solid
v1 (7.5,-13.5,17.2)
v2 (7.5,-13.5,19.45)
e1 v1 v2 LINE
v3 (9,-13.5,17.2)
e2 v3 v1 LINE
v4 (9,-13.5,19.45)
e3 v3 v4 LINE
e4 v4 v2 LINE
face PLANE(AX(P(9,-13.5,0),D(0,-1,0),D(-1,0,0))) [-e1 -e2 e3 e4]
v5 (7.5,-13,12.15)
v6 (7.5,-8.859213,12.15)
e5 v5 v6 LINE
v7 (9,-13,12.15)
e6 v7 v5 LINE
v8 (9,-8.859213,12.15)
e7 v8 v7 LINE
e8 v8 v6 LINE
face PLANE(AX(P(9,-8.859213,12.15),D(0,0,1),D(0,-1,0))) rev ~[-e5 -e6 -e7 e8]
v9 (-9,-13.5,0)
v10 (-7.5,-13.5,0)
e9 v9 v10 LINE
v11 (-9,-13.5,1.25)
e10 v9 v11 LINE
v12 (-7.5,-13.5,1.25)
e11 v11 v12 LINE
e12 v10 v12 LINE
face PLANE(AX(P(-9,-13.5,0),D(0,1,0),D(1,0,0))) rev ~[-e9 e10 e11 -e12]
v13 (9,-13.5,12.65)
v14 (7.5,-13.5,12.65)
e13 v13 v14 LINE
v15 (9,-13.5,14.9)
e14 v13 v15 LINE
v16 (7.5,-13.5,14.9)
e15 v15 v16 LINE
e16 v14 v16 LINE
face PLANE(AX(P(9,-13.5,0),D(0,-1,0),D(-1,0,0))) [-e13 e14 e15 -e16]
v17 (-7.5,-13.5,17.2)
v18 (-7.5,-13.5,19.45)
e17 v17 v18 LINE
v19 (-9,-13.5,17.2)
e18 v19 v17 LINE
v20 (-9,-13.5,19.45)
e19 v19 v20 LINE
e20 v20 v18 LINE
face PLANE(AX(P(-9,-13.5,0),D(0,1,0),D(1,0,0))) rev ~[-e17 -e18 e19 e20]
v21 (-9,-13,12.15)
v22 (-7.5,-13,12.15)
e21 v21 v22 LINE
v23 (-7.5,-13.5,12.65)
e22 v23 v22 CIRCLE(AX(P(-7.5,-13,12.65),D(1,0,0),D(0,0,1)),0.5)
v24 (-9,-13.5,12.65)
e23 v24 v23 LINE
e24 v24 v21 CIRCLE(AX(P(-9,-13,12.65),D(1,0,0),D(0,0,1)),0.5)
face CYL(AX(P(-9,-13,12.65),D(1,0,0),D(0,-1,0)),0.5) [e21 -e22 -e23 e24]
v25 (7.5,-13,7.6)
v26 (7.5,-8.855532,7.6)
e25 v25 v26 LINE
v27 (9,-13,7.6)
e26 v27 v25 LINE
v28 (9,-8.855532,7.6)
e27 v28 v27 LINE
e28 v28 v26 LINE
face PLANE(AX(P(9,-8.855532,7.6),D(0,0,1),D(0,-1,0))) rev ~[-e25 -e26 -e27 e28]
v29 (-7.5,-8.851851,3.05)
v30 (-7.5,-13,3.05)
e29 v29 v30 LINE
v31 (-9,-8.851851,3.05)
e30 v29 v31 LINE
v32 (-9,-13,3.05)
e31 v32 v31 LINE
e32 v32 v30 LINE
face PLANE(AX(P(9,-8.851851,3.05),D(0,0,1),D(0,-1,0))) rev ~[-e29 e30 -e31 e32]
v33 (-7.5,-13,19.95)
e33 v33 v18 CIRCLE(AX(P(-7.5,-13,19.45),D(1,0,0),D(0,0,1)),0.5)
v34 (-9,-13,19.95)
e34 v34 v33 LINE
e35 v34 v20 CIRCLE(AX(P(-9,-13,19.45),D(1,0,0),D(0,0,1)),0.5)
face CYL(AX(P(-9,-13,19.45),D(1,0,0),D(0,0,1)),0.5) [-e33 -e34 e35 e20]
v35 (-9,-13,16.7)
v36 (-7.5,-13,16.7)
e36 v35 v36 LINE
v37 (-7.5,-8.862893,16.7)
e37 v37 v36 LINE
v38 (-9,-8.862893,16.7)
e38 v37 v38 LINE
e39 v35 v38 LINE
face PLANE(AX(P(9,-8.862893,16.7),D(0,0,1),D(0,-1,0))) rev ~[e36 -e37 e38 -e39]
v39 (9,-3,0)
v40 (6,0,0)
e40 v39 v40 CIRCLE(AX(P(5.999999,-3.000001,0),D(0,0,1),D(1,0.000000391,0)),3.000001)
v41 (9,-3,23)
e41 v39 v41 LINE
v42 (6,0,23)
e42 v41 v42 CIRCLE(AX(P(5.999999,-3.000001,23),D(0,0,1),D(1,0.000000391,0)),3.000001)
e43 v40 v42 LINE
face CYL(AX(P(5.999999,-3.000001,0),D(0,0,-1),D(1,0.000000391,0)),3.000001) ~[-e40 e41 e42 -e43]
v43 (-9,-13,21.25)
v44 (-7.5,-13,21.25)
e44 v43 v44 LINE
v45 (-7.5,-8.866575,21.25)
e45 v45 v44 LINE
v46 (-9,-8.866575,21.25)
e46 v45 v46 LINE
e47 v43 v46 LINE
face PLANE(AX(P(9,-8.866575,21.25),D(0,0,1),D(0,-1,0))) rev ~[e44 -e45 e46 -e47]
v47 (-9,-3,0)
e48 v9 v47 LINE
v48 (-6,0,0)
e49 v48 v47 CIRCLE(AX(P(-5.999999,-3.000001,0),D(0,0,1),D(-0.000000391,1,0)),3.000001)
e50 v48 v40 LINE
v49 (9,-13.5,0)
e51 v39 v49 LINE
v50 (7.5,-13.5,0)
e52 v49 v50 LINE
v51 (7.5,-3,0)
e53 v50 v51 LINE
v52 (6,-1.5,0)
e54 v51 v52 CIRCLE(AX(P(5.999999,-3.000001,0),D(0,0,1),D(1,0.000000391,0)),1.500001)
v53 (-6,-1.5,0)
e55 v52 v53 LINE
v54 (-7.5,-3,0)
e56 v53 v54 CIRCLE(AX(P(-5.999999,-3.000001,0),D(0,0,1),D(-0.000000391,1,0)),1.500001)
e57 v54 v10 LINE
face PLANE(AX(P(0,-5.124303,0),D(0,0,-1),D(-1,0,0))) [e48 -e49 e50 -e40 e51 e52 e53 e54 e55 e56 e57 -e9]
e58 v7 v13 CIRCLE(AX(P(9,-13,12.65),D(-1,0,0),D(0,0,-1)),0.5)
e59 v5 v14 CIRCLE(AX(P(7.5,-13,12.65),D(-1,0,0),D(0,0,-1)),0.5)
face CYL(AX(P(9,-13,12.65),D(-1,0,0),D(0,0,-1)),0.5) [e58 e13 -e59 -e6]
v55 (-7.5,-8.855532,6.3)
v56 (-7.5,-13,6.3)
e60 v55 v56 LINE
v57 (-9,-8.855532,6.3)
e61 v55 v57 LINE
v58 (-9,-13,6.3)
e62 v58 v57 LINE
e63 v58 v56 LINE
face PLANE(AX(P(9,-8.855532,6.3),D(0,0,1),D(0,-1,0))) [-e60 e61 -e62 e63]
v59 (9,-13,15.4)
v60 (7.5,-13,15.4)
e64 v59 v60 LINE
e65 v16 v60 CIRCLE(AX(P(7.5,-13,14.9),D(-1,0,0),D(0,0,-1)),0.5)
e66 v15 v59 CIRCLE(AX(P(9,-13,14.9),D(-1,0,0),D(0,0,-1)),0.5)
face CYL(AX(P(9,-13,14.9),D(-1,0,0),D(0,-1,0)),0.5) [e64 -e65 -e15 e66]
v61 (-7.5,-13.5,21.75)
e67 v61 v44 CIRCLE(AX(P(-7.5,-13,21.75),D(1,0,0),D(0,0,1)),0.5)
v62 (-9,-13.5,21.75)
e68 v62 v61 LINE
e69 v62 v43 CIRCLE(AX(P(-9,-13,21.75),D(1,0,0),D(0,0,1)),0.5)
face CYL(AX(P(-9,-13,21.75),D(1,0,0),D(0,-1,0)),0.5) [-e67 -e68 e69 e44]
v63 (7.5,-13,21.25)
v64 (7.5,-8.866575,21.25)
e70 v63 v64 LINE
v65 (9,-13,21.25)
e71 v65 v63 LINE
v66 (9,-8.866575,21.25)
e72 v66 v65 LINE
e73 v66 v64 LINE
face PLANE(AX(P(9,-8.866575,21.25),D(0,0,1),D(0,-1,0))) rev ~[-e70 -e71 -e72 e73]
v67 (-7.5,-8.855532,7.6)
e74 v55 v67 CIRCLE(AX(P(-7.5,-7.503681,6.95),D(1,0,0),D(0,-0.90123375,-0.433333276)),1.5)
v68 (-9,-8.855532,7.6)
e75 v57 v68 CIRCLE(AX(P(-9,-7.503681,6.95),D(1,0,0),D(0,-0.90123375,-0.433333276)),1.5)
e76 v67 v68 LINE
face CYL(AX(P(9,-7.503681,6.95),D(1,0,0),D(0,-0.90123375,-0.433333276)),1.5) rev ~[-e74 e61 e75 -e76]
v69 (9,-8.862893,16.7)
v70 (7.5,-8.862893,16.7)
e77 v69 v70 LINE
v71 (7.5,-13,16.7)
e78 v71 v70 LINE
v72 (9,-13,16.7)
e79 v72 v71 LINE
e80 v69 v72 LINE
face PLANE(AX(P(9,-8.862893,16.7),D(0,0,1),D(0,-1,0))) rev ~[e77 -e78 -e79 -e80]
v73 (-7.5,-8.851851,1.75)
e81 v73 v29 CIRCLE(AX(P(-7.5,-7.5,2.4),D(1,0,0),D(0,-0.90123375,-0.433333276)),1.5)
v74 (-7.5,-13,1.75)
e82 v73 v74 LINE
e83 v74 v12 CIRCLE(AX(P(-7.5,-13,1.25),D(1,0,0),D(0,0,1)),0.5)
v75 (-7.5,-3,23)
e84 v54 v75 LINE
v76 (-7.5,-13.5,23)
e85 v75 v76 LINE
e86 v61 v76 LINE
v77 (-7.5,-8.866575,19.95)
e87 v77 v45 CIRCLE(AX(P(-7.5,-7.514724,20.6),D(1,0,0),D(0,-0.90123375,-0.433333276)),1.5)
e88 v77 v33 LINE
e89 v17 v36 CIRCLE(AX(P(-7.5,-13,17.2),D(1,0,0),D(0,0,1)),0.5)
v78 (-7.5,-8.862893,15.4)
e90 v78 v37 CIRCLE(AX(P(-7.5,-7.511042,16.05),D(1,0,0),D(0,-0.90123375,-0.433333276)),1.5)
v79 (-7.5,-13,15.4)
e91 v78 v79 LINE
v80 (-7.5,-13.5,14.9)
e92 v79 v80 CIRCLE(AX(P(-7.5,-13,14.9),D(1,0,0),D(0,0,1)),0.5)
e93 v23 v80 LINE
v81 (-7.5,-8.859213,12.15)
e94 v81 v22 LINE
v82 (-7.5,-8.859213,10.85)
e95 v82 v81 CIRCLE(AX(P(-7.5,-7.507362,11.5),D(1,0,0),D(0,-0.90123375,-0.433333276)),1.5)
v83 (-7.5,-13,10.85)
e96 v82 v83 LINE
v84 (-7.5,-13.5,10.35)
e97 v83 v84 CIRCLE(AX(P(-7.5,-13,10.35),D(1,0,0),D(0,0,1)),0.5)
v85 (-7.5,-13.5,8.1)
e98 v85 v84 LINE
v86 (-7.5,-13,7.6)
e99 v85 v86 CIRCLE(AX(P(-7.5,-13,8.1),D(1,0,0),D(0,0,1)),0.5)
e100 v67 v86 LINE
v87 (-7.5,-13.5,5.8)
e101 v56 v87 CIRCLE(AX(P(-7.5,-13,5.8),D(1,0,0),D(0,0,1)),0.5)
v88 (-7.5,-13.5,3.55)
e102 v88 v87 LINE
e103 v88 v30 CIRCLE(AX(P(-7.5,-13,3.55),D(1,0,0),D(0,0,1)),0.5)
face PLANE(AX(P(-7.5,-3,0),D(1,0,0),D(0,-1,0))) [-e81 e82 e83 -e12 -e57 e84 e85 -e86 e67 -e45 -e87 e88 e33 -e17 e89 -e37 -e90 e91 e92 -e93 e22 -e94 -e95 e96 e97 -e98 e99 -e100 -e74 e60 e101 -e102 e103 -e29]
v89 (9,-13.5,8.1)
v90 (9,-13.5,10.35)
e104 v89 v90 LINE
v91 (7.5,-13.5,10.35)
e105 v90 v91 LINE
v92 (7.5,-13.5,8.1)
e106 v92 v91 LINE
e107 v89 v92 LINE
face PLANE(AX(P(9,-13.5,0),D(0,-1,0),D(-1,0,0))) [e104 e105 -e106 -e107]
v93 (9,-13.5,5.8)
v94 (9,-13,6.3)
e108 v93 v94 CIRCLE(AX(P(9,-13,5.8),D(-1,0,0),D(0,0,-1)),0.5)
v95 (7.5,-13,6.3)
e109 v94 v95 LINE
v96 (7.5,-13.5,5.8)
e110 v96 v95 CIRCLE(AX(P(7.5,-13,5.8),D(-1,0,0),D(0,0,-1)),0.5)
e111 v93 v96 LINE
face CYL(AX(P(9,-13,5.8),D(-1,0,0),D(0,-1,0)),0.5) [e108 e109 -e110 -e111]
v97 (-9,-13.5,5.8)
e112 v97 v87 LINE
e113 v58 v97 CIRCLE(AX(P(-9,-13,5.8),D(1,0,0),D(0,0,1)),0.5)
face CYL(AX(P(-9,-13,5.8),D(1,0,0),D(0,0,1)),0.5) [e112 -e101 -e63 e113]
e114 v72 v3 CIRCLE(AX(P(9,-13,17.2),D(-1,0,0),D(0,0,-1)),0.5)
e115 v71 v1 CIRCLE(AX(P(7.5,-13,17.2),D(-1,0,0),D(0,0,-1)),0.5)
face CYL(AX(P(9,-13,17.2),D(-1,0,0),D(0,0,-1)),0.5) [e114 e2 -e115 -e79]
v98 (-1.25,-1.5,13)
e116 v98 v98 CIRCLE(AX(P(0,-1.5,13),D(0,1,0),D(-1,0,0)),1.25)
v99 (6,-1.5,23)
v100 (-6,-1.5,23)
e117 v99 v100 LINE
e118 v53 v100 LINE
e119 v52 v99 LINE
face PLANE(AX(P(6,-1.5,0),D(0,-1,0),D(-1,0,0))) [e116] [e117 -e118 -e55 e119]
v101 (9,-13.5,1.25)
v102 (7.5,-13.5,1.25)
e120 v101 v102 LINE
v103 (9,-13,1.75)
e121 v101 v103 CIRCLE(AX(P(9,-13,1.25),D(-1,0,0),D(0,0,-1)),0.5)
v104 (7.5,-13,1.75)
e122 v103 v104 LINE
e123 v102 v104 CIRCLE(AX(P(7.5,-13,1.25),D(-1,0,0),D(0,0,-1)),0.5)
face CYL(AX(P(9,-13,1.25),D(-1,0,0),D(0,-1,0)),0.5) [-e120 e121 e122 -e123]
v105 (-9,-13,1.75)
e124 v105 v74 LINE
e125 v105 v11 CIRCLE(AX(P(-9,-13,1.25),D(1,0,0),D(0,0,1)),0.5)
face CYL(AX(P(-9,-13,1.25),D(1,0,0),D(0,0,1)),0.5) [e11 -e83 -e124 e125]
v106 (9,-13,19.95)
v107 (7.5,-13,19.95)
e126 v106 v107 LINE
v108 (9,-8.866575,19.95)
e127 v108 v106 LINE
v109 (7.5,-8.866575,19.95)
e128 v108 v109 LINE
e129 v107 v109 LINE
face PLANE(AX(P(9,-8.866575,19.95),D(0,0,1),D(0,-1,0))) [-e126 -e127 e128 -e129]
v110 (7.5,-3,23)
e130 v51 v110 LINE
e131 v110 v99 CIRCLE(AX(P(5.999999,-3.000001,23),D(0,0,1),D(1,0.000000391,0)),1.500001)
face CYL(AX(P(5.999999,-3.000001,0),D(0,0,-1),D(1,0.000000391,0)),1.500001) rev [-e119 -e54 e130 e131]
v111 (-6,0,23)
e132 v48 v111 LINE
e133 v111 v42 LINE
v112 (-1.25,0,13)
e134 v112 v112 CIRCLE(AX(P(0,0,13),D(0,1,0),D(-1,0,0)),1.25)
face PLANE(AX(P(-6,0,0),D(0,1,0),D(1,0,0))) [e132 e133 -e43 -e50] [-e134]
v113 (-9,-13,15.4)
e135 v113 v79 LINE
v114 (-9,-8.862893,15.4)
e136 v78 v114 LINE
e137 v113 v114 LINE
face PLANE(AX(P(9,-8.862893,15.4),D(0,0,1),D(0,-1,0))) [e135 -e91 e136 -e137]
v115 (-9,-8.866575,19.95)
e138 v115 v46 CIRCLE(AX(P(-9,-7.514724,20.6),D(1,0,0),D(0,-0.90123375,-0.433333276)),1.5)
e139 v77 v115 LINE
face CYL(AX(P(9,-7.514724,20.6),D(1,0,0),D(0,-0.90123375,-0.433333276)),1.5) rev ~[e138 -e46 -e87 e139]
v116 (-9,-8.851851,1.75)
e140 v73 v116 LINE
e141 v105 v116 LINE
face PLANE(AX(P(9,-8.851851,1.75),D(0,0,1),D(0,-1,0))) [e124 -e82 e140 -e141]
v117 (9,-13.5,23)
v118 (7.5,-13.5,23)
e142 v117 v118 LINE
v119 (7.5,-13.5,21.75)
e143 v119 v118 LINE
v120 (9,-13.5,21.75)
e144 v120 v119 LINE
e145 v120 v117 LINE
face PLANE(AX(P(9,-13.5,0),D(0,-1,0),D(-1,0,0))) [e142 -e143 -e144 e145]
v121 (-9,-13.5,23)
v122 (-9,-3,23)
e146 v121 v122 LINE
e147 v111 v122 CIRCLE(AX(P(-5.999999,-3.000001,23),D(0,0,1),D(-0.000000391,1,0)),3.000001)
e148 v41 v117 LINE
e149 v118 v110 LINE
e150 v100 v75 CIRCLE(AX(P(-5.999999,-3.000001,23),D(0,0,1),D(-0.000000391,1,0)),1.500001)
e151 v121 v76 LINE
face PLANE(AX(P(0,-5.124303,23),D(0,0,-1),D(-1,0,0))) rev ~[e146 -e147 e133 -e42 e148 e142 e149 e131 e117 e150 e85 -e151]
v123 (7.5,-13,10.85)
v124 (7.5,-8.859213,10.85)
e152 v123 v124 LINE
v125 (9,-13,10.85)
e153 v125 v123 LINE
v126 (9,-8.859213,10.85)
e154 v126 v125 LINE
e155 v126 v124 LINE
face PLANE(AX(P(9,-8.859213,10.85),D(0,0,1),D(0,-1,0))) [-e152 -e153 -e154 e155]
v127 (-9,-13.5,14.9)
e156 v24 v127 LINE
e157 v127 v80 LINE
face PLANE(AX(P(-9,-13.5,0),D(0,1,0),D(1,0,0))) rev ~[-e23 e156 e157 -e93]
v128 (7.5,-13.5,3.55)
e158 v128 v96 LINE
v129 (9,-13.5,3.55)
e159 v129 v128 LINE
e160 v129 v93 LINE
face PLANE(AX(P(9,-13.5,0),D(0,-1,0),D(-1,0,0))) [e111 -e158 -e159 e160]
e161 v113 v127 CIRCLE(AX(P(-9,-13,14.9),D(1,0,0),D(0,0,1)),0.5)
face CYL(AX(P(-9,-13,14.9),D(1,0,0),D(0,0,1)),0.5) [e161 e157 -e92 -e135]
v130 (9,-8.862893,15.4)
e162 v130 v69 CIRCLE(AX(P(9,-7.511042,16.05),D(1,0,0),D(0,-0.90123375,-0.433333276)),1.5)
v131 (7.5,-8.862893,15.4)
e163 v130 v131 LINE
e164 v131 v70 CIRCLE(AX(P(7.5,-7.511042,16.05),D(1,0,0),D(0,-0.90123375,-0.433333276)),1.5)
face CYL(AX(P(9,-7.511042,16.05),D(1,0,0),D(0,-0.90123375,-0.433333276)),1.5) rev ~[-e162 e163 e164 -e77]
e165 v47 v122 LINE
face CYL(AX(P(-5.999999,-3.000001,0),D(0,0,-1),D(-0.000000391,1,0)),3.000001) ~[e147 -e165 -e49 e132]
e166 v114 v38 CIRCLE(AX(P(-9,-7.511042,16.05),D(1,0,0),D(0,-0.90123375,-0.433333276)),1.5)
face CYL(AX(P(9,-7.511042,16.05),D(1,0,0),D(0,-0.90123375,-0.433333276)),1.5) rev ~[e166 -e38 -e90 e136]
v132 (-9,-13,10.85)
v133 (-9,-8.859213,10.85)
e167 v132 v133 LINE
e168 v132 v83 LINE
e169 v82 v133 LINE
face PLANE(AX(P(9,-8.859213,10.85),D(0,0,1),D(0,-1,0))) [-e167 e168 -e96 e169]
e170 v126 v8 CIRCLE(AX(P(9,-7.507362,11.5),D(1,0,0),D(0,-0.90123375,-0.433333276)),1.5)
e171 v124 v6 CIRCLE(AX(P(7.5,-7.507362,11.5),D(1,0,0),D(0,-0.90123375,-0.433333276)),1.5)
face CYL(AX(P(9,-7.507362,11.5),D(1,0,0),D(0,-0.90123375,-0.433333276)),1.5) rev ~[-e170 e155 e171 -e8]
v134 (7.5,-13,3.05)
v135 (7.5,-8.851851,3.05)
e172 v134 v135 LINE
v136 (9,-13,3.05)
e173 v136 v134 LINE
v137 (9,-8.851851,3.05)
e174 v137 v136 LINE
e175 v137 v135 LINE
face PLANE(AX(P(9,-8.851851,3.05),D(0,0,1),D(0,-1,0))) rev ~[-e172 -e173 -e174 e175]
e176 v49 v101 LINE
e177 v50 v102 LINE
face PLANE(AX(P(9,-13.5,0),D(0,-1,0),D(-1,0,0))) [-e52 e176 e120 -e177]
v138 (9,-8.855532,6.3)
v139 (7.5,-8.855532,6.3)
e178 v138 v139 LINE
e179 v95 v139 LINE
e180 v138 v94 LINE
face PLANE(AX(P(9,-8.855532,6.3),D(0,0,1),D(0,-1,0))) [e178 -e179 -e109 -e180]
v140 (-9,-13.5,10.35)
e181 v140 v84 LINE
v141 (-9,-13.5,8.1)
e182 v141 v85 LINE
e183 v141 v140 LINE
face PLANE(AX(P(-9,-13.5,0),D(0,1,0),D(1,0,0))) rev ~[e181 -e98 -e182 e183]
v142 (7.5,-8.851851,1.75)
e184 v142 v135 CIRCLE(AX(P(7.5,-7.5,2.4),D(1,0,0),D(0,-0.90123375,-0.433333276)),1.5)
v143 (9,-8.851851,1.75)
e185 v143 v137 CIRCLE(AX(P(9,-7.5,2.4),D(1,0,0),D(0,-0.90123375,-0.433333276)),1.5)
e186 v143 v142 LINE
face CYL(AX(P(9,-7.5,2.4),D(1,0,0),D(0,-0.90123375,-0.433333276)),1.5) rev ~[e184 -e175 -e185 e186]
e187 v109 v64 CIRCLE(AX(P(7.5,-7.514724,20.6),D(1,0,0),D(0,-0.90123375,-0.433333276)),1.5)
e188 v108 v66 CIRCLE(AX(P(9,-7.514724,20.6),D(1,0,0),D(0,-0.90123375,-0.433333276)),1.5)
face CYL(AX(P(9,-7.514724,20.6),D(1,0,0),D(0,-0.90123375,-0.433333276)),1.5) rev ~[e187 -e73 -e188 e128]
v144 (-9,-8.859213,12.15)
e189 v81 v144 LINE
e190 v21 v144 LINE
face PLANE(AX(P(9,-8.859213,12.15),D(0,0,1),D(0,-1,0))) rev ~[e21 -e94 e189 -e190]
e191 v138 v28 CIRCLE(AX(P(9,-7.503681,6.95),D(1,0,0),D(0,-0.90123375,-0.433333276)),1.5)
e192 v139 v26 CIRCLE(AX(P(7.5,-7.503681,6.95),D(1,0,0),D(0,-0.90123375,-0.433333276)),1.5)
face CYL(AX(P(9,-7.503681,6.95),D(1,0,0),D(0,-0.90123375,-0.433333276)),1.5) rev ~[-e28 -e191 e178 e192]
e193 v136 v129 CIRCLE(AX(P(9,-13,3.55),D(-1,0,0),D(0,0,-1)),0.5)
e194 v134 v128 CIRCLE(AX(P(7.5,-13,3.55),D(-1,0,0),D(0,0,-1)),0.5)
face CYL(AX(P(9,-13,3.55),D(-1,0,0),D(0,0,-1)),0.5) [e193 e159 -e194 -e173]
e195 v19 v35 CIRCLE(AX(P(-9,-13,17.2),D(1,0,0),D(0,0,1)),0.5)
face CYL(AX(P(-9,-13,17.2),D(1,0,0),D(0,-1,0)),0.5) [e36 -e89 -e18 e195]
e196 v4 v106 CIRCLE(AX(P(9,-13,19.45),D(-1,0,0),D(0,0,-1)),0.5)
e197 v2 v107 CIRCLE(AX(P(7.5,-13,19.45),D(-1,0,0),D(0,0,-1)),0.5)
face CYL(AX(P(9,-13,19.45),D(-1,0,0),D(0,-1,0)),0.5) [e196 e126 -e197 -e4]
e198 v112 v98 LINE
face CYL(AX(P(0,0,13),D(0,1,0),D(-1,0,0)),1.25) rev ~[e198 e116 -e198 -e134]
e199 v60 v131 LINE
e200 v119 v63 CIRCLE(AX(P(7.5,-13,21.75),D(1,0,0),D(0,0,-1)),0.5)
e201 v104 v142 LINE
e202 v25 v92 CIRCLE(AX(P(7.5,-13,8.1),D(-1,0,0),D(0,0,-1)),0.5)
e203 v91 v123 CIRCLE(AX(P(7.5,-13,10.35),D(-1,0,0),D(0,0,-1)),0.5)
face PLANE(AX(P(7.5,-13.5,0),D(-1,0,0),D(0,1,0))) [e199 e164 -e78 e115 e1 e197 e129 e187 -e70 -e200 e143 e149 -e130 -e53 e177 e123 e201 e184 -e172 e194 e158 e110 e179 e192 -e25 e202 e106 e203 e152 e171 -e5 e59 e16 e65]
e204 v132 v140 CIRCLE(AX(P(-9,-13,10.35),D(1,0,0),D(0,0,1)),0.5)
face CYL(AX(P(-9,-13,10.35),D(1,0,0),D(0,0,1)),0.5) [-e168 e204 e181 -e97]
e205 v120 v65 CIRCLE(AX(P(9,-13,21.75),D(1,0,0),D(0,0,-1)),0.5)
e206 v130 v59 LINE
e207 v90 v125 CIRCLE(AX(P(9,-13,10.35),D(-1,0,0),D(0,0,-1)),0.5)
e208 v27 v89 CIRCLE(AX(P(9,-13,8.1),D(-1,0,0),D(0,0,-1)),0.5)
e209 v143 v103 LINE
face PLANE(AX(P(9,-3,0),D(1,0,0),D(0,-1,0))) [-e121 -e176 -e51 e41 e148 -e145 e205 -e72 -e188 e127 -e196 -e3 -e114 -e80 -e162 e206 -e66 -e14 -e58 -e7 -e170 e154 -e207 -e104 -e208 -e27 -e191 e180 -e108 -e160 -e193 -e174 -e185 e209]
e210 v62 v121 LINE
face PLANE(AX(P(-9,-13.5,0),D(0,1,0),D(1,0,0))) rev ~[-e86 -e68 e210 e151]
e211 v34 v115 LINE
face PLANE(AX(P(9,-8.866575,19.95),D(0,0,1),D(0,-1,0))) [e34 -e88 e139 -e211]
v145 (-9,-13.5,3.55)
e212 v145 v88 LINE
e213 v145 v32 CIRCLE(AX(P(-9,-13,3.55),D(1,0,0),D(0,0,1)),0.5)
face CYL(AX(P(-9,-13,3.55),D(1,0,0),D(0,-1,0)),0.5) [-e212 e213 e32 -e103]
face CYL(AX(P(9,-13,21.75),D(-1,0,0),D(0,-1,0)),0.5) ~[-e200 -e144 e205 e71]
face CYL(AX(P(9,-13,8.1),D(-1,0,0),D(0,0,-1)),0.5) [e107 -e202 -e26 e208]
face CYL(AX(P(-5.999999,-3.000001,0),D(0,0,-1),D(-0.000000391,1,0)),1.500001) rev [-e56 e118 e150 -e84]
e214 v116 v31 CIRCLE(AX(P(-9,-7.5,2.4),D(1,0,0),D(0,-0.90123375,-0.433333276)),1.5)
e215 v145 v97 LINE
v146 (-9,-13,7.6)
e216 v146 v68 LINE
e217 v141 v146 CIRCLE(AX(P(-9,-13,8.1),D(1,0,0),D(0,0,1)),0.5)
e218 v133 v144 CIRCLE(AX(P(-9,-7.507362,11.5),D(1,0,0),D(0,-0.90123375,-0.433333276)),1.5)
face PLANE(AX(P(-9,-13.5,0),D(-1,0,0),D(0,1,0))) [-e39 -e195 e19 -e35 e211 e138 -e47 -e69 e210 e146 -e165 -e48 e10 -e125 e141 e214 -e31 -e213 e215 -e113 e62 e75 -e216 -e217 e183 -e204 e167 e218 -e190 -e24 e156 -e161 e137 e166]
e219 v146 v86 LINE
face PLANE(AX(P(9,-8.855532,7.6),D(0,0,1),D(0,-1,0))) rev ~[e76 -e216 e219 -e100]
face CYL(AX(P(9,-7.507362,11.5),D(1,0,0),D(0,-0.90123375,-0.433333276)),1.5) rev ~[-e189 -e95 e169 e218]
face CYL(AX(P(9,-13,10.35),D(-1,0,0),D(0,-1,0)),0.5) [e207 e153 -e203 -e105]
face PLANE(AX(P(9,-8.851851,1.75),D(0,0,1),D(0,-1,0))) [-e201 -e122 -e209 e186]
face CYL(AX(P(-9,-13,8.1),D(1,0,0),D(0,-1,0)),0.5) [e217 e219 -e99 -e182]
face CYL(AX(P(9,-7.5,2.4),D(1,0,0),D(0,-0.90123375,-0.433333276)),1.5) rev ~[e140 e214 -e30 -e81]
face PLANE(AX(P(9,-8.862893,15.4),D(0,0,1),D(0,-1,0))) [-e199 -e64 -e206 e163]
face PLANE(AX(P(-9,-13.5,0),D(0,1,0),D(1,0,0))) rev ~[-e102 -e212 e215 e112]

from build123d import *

# Parameters (mm, degrees)
PAD_DEPTH       = 23
POCKET_DEPTH    = 18.001
FILLET_R        = 0.5
SKETCH002_R     = 1.25
POCKET001_DEPTH = 5


with BuildPart() as part:
    # Sketch → Pad (new body)
    with BuildSketch(Plane.XY):
        with BuildLine():
            Line((-9, -13.5), (-9, -3))
            ThreePointArc((-6, 0), (-8.12132, -0.87868), (-9, -3))
            Line((-6, 0), (6, 0))
            ThreePointArc((9, -3), (8.12132, -0.87868), (6, 0))
            Line((9, -3), (9, -13.5))
            Line((9, -13.5), (7.5, -13.5))
            Line((7.5, -13.5), (7.5, -3))
            ThreePointArc((7.5, -3), (7.06066, -1.93934), (6, -1.5))
            Line((6, -1.5), (-6, -1.5))
            ThreePointArc((-6, -1.5), (-7.06066, -1.93934), (-7.5, -3))
            Line((-7.5, -3), (-7.5, -13.5))
            Line((-9, -13.5), (-7.5, -13.5))
        make_face()
    extrude(amount=PAD_DEPTH)

    # Sketch001 (on DatumPlane) → Pocket (cut, through all)
    with BuildSketch(Plane.YZ.offset(9)):
        with BuildLine():
            ThreePointArc((-8.851851, 1.75), (-6, 2.4), (-8.851851, 3.05))
            Line((-8.851851, 3.05), (-14, 3.05))
            Line((-14, 3.05), (-14, 1.75))
            Line((-8.851851, 1.75), (-14, 1.75))
        make_face()
        with BuildLine():
            ThreePointArc((-8.855532, 6.3), (-6.003681, 6.95), (-8.855532, 7.6))
            Line((-8.855532, 7.6), (-14.003681, 7.6))
            Line((-14.003681, 7.6), (-14.003681, 6.3))
            Line((-8.855532, 6.3), (-14.003681, 6.3))
        make_face()
        with BuildLine():
            ThreePointArc((-8.859213, 10.85), (-6.007362, 11.5), (-8.859213, 12.15))
            Line((-8.859213, 12.15), (-14.007362, 12.15))
            Line((-14.007362, 12.15), (-14.007362, 10.85))
            Line((-8.859213, 10.85), (-14.007362, 10.85))
        make_face()
        with BuildLine():
            ThreePointArc((-8.862893, 15.4), (-6.011042, 16.05), (-8.862893, 16.7))
            Line((-8.862893, 16.7), (-14.011042, 16.7))
            Line((-14.011042, 16.7), (-14.011042, 15.4))
            Line((-8.862893, 15.4), (-14.011042, 15.4))
        make_face()
        with BuildLine():
            ThreePointArc((-8.866575, 19.95), (-6.014724, 20.6), (-8.866575, 21.25))
            Line((-8.866575, 21.25), (-14.014724, 21.25))
            Line((-14.014724, 21.25), (-14.014724, 19.95))
            Line((-8.866575, 19.95), (-14.014724, 19.95))
        make_face()
    extrude(amount=-POCKET_DEPTH, mode=Mode.SUBTRACT)

    # Fillet
    fillet_edges = [part.edges().sort_by_distance(p)[0] for p in [
        (-8.25, -13.5, 19.95),
        (-8.25, -13.5, 21.25),
        (-8.25, -13.5, 16.7),
        (-8.25, -13.5, 15.4),
        (-8.25, -13.5, 12.15),
        (-8.25, -13.5, 10.85),
        (-8.25, -13.5, 7.6),
        (-8.25, -13.5, 6.3),
        (-8.25, -13.5, 3.05),
        (-8.25, -13.5, 1.75),
        (8.25, -13.5, 21.25),
        (8.25, -13.5, 19.95),
        (8.25, -13.5, 16.7),
        (8.25, -13.5, 15.4),
        (8.25, -13.5, 12.15),
        (8.25, -13.5, 10.85),
        (8.25, -13.5, 7.6),
        (8.25, -13.5, 6.3),
        (8.25, -13.5, 3.05),
        (8.25, -13.5, 1.75),
    ]]
    fillet(fillet_edges, radius=FILLET_R)

    # Sketch002 (on DatumPlane) → Pocket001 (cut)
    with BuildSketch(Plane(origin=(0, 0, 0), x_dir=(-1, 0, 0), z_dir=(0, 1, 0))):
        with Locations((0, 13)):
            Circle(SKETCH002_R)
    extrude(amount=-POCKET001_DEPTH, mode=Mode.SUBTRACT)


solid = part.part
